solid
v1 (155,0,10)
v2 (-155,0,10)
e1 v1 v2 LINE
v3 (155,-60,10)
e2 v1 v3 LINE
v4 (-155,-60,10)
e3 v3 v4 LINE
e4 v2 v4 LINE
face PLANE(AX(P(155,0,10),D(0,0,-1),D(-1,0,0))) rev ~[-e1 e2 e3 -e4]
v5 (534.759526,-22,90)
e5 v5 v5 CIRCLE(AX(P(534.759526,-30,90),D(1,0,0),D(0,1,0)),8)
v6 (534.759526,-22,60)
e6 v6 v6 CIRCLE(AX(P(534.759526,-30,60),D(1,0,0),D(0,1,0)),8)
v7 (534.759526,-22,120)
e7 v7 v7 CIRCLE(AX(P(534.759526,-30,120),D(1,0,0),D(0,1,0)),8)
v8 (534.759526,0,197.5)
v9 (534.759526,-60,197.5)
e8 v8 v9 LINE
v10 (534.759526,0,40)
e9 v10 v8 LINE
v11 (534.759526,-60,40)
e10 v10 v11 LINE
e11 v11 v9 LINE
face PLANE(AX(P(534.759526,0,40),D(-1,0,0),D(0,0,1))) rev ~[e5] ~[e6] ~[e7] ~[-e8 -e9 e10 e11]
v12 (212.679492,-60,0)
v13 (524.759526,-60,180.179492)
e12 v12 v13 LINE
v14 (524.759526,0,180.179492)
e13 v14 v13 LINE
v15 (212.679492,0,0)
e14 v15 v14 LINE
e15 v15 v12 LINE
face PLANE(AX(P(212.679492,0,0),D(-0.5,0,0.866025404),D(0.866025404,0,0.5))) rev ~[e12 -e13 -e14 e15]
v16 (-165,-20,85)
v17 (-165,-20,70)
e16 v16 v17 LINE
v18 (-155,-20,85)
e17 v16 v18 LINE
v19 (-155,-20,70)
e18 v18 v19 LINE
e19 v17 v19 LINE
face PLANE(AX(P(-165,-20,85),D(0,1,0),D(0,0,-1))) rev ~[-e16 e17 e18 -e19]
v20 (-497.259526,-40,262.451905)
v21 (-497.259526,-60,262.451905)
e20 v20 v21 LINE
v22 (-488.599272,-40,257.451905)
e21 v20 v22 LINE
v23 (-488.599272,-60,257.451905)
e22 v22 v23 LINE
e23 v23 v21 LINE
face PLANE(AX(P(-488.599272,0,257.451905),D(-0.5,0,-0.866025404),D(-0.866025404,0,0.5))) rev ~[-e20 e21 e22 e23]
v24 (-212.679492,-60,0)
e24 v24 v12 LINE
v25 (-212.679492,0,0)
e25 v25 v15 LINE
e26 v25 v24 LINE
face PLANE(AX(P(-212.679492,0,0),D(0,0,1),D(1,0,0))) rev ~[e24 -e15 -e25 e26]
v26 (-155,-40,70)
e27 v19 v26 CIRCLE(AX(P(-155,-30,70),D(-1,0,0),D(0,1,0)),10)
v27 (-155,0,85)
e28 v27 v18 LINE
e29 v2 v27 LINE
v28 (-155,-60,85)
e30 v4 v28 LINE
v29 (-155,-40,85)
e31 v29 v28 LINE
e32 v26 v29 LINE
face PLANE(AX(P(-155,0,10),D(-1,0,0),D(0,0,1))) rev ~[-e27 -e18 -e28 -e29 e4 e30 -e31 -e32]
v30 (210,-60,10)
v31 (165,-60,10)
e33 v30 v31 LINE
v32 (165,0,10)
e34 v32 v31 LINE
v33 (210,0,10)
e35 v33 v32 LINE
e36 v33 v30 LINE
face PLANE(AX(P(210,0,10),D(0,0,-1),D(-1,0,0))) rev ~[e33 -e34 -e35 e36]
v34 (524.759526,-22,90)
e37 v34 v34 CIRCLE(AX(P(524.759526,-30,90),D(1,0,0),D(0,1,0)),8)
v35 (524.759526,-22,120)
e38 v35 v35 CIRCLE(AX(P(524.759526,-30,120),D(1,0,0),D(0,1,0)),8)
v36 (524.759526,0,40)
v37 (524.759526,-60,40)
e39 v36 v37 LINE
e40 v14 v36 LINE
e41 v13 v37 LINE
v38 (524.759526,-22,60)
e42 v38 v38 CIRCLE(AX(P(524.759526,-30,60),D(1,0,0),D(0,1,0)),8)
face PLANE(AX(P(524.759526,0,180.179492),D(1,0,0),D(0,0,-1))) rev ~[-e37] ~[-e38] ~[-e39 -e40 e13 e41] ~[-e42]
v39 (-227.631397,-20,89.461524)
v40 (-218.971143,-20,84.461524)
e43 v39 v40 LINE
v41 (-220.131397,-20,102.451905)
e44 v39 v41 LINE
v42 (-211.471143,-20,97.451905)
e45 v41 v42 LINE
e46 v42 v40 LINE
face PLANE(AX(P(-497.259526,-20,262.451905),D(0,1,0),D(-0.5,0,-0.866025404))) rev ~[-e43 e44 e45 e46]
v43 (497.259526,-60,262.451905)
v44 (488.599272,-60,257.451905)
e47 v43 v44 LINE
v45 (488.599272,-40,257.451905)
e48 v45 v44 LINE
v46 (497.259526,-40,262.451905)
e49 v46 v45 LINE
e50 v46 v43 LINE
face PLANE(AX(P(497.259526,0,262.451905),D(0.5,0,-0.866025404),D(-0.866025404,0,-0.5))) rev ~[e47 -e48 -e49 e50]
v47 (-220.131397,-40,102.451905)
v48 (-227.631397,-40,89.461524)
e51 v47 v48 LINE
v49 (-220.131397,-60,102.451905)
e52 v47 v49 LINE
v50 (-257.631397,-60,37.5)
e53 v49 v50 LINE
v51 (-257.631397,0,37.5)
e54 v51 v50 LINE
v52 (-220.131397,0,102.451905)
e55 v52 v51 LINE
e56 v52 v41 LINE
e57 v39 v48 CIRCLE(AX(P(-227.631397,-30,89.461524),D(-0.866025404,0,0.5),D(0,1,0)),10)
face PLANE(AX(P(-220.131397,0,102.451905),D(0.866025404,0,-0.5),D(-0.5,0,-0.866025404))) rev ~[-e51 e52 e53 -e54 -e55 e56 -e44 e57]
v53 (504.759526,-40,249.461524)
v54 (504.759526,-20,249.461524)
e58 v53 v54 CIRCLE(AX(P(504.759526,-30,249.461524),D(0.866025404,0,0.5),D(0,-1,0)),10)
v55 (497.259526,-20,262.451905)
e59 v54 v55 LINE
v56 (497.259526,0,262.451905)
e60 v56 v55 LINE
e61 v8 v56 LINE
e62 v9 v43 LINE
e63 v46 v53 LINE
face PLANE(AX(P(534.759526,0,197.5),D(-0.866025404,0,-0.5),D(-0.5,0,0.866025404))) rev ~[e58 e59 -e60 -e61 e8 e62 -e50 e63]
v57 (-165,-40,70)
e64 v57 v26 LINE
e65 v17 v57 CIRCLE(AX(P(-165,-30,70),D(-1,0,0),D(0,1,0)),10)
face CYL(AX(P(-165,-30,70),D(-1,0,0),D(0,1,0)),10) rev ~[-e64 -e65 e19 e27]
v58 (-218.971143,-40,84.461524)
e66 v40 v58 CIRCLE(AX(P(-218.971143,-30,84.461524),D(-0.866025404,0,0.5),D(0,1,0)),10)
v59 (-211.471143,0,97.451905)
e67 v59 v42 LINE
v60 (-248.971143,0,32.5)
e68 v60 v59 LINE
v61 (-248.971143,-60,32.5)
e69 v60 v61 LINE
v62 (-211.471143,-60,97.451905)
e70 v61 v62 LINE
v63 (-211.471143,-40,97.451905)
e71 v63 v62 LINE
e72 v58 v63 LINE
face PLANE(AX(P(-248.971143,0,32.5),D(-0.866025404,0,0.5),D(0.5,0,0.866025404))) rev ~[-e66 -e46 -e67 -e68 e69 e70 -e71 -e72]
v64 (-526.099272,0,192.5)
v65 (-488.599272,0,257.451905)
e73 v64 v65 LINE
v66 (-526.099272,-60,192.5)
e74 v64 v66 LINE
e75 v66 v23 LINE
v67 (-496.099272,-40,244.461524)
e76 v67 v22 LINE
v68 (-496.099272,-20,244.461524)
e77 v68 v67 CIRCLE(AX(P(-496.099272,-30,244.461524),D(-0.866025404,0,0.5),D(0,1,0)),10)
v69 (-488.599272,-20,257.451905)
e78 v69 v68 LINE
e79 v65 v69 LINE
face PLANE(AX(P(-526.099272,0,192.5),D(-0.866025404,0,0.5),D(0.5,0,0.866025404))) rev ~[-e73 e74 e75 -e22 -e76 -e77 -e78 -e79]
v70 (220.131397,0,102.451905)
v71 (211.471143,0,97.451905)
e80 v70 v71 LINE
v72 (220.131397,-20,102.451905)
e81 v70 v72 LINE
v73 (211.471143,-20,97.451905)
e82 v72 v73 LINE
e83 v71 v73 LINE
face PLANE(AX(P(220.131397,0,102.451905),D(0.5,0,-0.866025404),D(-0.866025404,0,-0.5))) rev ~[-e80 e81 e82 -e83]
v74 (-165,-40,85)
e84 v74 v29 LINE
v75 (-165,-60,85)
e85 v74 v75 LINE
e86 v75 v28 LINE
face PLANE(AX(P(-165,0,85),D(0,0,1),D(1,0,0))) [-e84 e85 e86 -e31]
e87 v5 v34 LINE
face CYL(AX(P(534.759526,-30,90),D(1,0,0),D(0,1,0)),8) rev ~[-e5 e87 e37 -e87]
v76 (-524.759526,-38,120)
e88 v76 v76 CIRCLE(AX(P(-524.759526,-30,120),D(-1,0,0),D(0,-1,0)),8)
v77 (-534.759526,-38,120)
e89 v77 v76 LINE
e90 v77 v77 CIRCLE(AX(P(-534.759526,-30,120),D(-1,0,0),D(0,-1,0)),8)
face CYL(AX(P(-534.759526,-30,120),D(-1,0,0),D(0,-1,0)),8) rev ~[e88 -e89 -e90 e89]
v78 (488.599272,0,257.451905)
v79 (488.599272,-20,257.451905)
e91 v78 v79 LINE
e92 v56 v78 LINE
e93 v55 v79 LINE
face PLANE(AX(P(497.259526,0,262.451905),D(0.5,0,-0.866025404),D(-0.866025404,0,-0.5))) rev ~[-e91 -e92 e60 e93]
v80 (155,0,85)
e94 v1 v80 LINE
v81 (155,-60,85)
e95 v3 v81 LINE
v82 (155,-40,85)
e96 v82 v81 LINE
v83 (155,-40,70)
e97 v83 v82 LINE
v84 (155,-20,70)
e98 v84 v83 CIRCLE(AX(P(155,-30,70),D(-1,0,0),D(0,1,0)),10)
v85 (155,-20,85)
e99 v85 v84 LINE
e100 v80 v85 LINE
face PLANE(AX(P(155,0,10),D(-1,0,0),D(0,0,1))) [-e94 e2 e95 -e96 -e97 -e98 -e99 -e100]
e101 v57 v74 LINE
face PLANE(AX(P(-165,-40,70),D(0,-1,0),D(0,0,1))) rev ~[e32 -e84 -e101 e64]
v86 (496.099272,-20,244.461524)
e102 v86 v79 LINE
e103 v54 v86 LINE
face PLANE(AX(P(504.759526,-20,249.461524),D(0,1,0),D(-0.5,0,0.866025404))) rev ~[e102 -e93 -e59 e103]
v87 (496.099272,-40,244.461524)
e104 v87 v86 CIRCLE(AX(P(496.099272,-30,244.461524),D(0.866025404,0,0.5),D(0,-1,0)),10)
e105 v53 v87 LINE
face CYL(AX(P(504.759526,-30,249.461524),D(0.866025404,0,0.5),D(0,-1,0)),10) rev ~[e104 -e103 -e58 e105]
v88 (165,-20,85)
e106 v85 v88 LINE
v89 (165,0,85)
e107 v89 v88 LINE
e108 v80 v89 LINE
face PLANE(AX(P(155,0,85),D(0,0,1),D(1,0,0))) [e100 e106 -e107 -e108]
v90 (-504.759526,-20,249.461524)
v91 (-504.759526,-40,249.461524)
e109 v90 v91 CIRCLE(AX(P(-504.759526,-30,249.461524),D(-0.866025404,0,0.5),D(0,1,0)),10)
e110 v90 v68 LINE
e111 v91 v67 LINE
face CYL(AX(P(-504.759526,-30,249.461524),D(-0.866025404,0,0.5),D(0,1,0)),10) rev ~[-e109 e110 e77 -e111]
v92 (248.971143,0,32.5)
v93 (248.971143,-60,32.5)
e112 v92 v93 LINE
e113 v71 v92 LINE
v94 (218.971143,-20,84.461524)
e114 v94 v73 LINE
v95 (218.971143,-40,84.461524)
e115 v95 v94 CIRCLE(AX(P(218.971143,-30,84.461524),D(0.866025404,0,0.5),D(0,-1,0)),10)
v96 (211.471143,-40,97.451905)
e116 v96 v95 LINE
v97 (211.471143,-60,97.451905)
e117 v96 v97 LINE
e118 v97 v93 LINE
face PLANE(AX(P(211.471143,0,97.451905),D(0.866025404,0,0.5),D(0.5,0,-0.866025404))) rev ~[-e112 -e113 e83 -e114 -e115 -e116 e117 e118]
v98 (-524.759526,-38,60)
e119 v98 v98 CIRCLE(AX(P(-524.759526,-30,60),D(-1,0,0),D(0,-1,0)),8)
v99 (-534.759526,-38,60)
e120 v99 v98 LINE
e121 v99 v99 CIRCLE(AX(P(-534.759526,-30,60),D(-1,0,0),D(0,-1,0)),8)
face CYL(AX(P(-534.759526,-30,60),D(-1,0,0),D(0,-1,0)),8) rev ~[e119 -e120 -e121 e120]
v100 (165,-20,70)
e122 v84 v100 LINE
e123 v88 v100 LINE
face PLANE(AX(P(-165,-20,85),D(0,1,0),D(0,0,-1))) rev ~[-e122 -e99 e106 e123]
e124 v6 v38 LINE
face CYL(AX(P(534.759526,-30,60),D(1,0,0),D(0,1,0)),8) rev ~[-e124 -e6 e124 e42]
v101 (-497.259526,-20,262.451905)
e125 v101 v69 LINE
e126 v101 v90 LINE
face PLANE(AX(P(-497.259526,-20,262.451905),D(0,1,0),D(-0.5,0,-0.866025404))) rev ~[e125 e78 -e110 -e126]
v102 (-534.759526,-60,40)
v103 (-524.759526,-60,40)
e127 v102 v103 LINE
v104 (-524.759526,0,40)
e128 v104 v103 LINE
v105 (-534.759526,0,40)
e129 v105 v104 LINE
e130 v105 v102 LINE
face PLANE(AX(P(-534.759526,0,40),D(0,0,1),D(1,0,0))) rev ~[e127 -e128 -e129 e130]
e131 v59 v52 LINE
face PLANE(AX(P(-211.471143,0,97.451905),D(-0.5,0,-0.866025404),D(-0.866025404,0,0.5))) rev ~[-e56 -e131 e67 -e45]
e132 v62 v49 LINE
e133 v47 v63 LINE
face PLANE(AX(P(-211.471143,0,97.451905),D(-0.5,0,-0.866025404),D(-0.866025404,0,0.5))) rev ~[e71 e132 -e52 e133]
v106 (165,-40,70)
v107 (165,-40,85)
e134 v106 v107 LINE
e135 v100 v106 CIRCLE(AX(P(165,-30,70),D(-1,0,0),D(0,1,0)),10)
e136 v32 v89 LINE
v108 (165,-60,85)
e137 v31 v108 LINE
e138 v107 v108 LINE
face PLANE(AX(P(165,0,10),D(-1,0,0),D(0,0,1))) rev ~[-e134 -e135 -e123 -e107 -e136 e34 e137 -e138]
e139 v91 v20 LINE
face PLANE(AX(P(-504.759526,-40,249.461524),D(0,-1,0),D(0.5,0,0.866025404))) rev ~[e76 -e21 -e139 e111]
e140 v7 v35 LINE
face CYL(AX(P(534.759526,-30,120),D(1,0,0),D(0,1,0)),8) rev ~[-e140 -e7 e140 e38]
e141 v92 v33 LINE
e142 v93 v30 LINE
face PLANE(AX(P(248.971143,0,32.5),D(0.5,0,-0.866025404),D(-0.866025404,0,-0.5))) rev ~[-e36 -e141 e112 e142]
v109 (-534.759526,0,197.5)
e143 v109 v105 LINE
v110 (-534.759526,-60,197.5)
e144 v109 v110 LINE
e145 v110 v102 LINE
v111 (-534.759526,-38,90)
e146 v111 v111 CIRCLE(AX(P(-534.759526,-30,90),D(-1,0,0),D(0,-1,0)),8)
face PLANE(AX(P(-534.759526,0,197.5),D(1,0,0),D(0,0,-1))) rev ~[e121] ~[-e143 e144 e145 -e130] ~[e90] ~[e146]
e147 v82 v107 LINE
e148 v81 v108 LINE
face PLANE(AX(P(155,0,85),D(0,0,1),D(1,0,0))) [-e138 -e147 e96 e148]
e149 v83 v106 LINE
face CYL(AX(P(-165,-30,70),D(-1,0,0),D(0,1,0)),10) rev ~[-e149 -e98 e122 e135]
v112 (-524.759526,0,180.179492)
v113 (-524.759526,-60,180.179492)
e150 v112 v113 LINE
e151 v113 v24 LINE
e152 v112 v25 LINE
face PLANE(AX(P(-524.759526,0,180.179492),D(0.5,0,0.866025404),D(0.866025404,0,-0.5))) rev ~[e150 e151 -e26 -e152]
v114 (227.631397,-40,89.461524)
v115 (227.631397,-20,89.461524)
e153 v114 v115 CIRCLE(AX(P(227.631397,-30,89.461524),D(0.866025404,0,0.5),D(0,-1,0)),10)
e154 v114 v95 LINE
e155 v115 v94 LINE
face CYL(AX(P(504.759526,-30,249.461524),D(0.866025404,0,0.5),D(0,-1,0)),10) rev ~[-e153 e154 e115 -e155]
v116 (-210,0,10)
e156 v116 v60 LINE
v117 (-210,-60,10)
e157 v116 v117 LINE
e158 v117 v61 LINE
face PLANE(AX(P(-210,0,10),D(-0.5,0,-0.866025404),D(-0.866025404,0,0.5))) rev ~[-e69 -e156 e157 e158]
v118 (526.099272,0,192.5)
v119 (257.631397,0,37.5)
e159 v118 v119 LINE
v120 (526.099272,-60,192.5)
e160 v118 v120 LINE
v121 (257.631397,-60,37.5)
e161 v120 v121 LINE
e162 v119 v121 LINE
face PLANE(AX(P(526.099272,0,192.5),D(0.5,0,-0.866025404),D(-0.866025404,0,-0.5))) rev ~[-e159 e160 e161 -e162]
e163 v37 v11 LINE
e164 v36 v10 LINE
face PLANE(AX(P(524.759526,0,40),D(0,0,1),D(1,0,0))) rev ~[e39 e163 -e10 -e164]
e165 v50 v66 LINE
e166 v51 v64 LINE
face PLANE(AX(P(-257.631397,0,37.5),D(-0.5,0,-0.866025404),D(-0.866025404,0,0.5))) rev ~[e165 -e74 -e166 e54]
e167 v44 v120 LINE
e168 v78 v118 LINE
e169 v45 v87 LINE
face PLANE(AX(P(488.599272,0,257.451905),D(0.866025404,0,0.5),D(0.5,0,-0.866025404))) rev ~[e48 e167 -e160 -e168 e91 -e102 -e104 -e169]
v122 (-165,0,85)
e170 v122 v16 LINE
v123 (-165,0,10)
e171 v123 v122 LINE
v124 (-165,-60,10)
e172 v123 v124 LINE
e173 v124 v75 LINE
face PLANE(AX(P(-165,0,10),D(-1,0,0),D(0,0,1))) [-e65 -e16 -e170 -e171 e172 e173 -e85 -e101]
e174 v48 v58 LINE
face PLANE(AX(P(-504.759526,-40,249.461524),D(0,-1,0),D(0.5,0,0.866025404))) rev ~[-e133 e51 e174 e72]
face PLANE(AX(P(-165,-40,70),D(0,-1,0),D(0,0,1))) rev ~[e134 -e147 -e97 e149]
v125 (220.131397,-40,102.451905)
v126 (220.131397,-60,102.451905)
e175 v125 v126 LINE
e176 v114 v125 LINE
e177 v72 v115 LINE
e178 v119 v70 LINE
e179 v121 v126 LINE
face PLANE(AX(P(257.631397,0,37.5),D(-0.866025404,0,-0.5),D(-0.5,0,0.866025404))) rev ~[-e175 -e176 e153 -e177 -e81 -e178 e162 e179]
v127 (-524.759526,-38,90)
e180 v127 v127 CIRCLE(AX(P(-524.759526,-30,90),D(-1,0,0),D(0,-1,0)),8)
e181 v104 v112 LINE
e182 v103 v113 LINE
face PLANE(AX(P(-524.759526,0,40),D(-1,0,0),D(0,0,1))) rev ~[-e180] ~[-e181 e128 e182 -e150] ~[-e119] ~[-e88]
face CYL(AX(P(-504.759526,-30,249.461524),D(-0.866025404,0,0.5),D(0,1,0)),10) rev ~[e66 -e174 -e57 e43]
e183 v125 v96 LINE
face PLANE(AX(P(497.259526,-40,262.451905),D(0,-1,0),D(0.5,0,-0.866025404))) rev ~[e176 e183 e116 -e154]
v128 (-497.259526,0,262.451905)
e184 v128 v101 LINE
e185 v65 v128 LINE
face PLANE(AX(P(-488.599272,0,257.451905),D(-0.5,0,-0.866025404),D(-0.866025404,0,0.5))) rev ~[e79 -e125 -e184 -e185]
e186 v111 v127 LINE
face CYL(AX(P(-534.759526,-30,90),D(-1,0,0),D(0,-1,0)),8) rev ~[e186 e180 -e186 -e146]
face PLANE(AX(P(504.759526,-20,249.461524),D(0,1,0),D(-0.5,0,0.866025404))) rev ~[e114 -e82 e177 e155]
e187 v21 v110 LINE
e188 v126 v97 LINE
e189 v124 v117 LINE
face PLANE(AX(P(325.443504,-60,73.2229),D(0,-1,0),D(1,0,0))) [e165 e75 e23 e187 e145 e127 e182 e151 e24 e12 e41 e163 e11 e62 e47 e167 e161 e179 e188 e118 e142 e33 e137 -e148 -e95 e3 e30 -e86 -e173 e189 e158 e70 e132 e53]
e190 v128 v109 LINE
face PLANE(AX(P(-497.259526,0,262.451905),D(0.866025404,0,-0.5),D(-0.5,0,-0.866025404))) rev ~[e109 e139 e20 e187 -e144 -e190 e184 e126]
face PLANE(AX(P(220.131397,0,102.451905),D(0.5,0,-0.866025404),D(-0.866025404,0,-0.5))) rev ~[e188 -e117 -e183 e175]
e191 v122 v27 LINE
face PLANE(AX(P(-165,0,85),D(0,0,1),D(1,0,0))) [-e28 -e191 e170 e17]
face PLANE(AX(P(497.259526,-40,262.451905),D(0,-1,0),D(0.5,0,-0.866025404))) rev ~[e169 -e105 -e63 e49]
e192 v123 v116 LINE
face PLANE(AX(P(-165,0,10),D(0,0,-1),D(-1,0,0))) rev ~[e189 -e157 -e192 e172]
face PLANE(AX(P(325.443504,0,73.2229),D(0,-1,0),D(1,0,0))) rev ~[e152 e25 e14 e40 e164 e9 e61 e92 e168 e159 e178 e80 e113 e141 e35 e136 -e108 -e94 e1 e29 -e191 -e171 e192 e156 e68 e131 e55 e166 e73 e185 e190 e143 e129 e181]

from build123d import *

# Parameters (mm, degrees)
F0_W      = 10
F0_H      = 75
F1_DEPTH  = 60
F3_DEPTH  = 330
F5_DEPTH  = 330
F7_DEPTH  = 330
F8_R      = 8
F9_DEPTH  = 25
F10_R     = 8
F11_DEPTH = 25


with BuildPart() as f1:
    # F0 (on Front) → F1 (new body)
    with BuildSketch(Plane.XZ):
        Polygon((248.9711431703, 32.5), (210, 10), (165, 10), (155, 10), (0, 10), (0, 0), (212.6794919243, 0), (524.7595264192, 180.1794919243), (524.7595264192, 40), (534.7595264192, 40), (534.7595264192, 197.5), (526.0992723813, 192.5), (257.6313972081, 37.5), align=None)
        Polygon((211.4711431703, 97.4519052838), (248.9711431703, 32.5), (257.6313972081, 37.5), (220.1313972081, 102.4519052838), align=None)
        with Locations((160, 47.5)):
            Rectangle(F0_W, F0_H)
        Polygon((488.5992723813, 257.4519052838), (526.0992723813, 192.5), (534.7595264192, 197.5), (497.2595264192, 262.4519052838), align=None)
        Polygon((0, 0), (0, 10), (-155, 10), (-165, 10), (-210, 10), (-248.9711431703, 32.5), (-257.6313972081, 37.5), (-526.0992723813, 192.5), (-534.7595264192, 197.5), (-534.7595264192, 40), (-524.7595264192, 40), (-524.7595264192, 180.1794919243), (-212.6794919243, 0), align=None)
        with Locations((-160, 47.5)):
            Rectangle(F0_W, F0_H)
        Polygon((-257.6313972081, 37.5), (-248.9711431703, 32.5), (-211.4711431703, 97.4519052838), (-220.1313972081, 102.4519052838), align=None)
        Polygon((-497.2595264192, 262.4519052838), (-534.7595264192, 197.5), (-526.0992723813, 192.5), (-488.5992723813, 257.4519052838), align=None)
    extrude(amount=F1_DEPTH)

    # F2 (on face) → F3 (cut, through all)
    with BuildSketch(Plane(origin=(-486.5896534381, 0, 280.9326673974), x_dir=(0, -1, 0), z_dir=(-0.8660254038, 0, 0.5))):
        with BuildLine():
            Line((40, -21.3397459622), (20, -21.3397459622))
            Line((20, -21.3397459622), (20, -36.3397459622))
            ThreePointArc((20, -36.3397459622), (30, -46.3397459622), (40, -36.3397459622))
            Line((40, -36.3397459622), (40, -21.3397459622))
        make_face()
    extrude(amount=-F3_DEPTH, mode=Mode.SUBTRACT)

    # F4 (on face) → F5 (cut, through all)
    with BuildSketch(Plane(origin=(-165, 0, 0), x_dir=(0, -1, 0), z_dir=(-1, 0, 0))):
        with BuildLine():
            Line((40, 70), (40, 85))
            Line((40, 85), (20, 85))
            Line((20, 85), (20, 70))
            ThreePointArc((20, 70), (30, 60), (40, 70))
        make_face()
    extrude(amount=-F5_DEPTH, mode=Mode.SUBTRACT)

    # F6 (on face) → F7 (cut, through all)
    with BuildSketch(Plane(origin=(486.5896534381, 0, 280.9326673974), x_dir=(0, 1, 0), z_dir=(0.8660254038, 0, 0.5))):
        with BuildLine():
            Line((-40, -21.3397459622), (-40, -36.3397459622))
            ThreePointArc((-40, -36.3397459622), (-30, -46.3397459622), (-20, -36.3397459622))
            Line((-20, -36.3397459622), (-20, -21.3397459622))
            Line((-20, -21.3397459622), (-40, -21.3397459622))
        make_face()
    extrude(amount=-F7_DEPTH, mode=Mode.SUBTRACT)

    # F8 (on face) → F9 (cut)
    with BuildSketch(Plane(origin=(-534.7595264192, 0, 0), x_dir=(0, -1, 0), z_dir=(-1, 0, 0))):
        with Locations((30, 60)):
            Circle(F8_R)
        with Locations((30, 120)):
            Circle(F8_R)
        with Locations((30, 90)):
            Circle(F8_R)
    extrude(amount=-F9_DEPTH, mode=Mode.SUBTRACT)

    # F10 (on face) → F11 (cut)
    with BuildSketch(Plane.YZ.offset(534.7595264192)):
        with Locations((-30, 60)):
            Circle(F10_R)
        with Locations((-30, 120)):
            Circle(F10_R)
        with Locations((-30, 90)):
            Circle(F10_R)
    extrude(amount=-F11_DEPTH, mode=Mode.SUBTRACT)


solid = f1.part
